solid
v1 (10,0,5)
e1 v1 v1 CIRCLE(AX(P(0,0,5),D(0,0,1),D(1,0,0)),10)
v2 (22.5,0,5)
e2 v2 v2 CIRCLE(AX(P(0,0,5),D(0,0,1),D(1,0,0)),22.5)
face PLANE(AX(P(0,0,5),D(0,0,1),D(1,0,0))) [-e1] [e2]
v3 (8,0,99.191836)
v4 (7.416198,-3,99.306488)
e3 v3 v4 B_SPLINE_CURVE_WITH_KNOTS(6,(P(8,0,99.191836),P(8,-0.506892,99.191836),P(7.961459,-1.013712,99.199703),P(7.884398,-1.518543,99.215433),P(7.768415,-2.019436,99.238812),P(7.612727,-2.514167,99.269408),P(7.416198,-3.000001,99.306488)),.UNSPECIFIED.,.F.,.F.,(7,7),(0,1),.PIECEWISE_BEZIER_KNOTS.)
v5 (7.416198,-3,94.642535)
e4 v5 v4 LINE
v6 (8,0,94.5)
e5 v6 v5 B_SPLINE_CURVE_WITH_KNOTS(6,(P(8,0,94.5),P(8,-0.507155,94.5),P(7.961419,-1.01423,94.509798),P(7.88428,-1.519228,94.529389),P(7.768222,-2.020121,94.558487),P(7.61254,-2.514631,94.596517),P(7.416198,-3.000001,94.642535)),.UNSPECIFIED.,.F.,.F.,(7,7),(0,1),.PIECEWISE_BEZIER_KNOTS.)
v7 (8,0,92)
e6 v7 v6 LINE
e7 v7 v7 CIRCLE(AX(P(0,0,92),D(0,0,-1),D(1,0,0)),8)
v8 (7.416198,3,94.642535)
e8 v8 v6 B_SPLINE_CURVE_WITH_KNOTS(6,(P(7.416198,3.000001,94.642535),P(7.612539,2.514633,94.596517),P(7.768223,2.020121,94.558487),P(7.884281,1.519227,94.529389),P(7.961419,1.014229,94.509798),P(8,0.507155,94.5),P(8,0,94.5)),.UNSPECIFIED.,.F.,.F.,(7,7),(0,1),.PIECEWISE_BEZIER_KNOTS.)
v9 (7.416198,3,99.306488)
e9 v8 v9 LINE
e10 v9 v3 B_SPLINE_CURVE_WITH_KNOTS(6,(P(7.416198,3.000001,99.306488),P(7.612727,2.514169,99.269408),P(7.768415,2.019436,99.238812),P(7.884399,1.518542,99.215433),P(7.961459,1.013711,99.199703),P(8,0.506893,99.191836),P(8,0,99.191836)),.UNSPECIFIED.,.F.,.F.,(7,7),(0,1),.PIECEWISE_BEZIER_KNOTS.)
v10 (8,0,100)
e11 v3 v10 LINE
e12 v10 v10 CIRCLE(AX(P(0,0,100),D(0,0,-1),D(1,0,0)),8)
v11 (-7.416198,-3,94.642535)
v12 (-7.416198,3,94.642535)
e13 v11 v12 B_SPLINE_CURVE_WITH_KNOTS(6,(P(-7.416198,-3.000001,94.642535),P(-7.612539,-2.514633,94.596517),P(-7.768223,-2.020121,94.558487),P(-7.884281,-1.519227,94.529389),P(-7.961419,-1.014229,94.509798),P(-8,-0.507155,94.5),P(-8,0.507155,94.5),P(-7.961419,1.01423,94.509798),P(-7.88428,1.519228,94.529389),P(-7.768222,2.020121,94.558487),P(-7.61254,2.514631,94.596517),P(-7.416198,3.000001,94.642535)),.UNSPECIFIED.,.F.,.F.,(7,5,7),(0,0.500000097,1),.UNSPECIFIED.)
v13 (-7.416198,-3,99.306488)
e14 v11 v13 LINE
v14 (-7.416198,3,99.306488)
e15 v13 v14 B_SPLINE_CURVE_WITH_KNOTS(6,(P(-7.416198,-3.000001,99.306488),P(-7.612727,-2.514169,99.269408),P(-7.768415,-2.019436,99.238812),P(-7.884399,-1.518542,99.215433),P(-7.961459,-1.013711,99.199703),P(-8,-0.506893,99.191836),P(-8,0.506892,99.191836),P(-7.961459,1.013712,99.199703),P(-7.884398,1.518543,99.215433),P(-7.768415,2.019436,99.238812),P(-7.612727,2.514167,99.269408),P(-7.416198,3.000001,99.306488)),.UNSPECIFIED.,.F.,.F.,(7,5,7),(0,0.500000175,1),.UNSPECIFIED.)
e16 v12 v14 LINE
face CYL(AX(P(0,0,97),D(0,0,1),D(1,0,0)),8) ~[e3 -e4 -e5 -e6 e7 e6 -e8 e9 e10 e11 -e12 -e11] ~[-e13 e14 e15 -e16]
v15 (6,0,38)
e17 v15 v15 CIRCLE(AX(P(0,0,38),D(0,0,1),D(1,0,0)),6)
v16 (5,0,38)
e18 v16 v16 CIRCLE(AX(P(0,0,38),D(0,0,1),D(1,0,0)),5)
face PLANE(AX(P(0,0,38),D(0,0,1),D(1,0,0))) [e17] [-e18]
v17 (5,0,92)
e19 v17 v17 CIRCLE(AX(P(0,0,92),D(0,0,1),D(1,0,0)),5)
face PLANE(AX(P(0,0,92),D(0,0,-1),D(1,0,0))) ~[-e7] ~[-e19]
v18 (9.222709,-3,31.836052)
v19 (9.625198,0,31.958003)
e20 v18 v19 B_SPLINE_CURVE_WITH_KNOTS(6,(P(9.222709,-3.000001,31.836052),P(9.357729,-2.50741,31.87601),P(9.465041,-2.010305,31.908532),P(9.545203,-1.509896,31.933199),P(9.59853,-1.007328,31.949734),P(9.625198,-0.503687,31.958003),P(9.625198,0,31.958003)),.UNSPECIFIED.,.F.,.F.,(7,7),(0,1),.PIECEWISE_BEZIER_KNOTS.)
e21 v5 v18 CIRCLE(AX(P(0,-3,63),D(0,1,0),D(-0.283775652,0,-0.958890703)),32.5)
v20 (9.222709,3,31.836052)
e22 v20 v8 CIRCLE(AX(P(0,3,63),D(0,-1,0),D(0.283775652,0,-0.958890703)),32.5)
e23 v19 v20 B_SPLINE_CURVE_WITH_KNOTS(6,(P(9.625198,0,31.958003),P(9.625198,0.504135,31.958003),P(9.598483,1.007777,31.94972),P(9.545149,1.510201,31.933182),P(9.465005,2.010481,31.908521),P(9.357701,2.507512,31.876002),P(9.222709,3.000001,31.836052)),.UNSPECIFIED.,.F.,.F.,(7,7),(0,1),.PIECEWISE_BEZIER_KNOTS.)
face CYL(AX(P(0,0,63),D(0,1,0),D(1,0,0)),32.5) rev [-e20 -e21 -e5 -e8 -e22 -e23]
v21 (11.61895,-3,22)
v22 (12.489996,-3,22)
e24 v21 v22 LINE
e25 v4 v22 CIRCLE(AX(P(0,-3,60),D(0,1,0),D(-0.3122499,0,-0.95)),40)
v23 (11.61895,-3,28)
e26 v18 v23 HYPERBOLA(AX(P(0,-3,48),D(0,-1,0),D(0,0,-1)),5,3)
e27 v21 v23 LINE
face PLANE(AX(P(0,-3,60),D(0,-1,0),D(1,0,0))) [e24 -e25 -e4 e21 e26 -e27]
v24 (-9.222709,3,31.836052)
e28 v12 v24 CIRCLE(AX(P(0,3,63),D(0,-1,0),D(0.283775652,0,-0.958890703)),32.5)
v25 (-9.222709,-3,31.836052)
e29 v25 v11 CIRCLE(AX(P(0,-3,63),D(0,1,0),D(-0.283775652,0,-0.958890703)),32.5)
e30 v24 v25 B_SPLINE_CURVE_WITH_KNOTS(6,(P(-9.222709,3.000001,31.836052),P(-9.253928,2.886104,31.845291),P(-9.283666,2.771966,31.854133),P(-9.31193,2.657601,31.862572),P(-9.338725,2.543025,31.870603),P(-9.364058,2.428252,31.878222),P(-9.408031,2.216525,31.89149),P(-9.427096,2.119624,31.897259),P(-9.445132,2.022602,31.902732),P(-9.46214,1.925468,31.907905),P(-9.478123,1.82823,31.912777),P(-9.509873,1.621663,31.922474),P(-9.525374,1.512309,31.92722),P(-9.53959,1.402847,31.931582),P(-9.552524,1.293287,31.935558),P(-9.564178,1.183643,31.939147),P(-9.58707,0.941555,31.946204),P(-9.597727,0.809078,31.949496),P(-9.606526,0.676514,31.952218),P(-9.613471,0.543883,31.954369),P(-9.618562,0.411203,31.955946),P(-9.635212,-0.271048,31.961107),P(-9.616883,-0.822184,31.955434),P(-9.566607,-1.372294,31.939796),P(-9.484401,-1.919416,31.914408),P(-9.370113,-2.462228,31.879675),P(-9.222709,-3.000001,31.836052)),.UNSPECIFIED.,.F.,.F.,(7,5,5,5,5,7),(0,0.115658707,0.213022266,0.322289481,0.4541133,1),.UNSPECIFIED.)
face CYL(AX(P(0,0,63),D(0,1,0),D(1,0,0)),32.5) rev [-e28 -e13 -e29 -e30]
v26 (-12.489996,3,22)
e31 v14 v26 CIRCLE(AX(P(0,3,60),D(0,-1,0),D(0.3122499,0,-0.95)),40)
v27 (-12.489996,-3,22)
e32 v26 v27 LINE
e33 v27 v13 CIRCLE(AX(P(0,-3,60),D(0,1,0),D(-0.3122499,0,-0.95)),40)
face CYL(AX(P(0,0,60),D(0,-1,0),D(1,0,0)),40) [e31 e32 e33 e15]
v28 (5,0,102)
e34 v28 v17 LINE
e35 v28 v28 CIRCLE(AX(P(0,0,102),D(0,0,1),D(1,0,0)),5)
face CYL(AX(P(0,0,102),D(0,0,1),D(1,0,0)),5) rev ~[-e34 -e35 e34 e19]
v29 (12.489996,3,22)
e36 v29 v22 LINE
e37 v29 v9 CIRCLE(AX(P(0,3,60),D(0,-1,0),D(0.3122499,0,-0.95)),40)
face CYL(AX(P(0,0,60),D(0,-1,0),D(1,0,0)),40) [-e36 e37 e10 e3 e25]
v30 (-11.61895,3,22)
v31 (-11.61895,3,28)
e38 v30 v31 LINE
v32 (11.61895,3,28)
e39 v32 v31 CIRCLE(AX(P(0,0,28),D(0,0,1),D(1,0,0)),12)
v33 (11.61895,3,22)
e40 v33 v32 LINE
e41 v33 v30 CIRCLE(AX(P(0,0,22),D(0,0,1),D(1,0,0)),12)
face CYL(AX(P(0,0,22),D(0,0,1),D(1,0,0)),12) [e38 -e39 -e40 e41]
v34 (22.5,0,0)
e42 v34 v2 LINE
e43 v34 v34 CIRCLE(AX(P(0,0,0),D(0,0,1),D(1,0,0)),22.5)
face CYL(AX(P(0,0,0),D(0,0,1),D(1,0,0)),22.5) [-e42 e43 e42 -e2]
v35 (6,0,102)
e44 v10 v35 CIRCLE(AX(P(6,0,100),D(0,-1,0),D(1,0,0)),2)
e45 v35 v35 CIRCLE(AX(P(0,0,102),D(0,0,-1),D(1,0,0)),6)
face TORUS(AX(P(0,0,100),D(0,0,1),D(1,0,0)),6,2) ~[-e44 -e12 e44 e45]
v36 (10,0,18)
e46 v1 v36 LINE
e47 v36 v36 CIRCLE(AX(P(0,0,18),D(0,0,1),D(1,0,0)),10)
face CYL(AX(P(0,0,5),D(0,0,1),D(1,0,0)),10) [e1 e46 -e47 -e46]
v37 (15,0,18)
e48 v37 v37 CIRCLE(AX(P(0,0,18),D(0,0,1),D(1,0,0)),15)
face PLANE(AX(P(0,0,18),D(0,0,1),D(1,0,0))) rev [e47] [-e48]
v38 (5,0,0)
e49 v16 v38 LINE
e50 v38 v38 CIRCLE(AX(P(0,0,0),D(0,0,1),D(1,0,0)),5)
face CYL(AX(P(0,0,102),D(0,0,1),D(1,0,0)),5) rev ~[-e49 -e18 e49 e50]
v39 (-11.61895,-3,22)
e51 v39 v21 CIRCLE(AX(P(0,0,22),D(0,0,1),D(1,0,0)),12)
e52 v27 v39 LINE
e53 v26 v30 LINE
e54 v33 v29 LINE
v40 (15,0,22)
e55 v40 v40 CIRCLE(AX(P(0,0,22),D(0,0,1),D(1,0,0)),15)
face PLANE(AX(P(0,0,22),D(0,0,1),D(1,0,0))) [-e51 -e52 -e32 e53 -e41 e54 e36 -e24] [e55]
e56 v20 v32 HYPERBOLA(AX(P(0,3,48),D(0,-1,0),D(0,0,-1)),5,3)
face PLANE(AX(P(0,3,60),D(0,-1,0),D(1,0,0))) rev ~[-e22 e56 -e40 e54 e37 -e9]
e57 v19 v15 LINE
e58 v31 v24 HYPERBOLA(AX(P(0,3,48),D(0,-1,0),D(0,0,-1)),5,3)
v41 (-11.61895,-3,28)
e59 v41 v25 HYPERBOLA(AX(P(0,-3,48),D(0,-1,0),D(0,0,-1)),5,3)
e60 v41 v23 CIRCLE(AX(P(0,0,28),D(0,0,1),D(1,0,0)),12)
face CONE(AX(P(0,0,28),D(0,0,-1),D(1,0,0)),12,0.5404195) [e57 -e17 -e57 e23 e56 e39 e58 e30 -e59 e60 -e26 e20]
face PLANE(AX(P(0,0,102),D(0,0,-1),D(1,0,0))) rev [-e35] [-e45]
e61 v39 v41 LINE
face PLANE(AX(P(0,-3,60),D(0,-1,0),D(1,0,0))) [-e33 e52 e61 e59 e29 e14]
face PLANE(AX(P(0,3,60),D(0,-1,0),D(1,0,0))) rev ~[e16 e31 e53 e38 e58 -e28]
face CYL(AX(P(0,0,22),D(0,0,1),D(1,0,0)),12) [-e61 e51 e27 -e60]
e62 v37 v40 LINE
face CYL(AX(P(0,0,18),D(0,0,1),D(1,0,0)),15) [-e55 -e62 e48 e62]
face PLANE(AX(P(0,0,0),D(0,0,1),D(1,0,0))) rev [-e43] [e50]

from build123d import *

# Parameters (mm, degrees)
F2_R     = 40
F2_R_2   = 32.5
F3_DEPTH = 3
F4_W     = 8
F4_H     = 10
F6_R     = 5
F7_DEPTH = 102.001
F8_R     = 2


with BuildPart() as f1:
    # F0 (on Front) → F1 (revolve)
    with BuildSketch(Plane.XZ):
        Polygon((0, 38), (0, 0), (22.5, 0), (22.5, 5), (10, 5), (10, 18), (15, 18), (15, 22), (12, 22), (12, 28), (6, 38), align=None)
    revolve(axis=Axis((0, 0, 28.7462979999), (0, 0, 1)))

    # F2 (on Front) → F3 (join, symmetric)
    with BuildSketch(Plane.XZ):
        with Locations((0, 60)):
            Circle(F2_R)
        with Locations((0, 63)):
            Circle(F2_R_2, mode=Mode.SUBTRACT)
    extrude(amount=F3_DEPTH, both=True)

    # F4 (on Front) → F5 (revolve)
    with BuildSketch(Plane.XZ):
        with Locations((4, 97)):
            Rectangle(F4_W, F4_H)
    revolve(axis=Axis((0, 0, 94.4946174344), (0, 0, -1)))

    # F6 (on face) → F7 (cut, through all)
    with BuildSketch(Plane.XY.offset(102)):
        Circle(F6_R)
    extrude(amount=-F7_DEPTH, mode=Mode.SUBTRACT)

    # F8
    f8_edges = [f1.edges().sort_by_distance(p)[0] for p in [
        (-8, 0, 102),
    ]]
    fillet(f8_edges, radius=F8_R)


solid = f1.part
